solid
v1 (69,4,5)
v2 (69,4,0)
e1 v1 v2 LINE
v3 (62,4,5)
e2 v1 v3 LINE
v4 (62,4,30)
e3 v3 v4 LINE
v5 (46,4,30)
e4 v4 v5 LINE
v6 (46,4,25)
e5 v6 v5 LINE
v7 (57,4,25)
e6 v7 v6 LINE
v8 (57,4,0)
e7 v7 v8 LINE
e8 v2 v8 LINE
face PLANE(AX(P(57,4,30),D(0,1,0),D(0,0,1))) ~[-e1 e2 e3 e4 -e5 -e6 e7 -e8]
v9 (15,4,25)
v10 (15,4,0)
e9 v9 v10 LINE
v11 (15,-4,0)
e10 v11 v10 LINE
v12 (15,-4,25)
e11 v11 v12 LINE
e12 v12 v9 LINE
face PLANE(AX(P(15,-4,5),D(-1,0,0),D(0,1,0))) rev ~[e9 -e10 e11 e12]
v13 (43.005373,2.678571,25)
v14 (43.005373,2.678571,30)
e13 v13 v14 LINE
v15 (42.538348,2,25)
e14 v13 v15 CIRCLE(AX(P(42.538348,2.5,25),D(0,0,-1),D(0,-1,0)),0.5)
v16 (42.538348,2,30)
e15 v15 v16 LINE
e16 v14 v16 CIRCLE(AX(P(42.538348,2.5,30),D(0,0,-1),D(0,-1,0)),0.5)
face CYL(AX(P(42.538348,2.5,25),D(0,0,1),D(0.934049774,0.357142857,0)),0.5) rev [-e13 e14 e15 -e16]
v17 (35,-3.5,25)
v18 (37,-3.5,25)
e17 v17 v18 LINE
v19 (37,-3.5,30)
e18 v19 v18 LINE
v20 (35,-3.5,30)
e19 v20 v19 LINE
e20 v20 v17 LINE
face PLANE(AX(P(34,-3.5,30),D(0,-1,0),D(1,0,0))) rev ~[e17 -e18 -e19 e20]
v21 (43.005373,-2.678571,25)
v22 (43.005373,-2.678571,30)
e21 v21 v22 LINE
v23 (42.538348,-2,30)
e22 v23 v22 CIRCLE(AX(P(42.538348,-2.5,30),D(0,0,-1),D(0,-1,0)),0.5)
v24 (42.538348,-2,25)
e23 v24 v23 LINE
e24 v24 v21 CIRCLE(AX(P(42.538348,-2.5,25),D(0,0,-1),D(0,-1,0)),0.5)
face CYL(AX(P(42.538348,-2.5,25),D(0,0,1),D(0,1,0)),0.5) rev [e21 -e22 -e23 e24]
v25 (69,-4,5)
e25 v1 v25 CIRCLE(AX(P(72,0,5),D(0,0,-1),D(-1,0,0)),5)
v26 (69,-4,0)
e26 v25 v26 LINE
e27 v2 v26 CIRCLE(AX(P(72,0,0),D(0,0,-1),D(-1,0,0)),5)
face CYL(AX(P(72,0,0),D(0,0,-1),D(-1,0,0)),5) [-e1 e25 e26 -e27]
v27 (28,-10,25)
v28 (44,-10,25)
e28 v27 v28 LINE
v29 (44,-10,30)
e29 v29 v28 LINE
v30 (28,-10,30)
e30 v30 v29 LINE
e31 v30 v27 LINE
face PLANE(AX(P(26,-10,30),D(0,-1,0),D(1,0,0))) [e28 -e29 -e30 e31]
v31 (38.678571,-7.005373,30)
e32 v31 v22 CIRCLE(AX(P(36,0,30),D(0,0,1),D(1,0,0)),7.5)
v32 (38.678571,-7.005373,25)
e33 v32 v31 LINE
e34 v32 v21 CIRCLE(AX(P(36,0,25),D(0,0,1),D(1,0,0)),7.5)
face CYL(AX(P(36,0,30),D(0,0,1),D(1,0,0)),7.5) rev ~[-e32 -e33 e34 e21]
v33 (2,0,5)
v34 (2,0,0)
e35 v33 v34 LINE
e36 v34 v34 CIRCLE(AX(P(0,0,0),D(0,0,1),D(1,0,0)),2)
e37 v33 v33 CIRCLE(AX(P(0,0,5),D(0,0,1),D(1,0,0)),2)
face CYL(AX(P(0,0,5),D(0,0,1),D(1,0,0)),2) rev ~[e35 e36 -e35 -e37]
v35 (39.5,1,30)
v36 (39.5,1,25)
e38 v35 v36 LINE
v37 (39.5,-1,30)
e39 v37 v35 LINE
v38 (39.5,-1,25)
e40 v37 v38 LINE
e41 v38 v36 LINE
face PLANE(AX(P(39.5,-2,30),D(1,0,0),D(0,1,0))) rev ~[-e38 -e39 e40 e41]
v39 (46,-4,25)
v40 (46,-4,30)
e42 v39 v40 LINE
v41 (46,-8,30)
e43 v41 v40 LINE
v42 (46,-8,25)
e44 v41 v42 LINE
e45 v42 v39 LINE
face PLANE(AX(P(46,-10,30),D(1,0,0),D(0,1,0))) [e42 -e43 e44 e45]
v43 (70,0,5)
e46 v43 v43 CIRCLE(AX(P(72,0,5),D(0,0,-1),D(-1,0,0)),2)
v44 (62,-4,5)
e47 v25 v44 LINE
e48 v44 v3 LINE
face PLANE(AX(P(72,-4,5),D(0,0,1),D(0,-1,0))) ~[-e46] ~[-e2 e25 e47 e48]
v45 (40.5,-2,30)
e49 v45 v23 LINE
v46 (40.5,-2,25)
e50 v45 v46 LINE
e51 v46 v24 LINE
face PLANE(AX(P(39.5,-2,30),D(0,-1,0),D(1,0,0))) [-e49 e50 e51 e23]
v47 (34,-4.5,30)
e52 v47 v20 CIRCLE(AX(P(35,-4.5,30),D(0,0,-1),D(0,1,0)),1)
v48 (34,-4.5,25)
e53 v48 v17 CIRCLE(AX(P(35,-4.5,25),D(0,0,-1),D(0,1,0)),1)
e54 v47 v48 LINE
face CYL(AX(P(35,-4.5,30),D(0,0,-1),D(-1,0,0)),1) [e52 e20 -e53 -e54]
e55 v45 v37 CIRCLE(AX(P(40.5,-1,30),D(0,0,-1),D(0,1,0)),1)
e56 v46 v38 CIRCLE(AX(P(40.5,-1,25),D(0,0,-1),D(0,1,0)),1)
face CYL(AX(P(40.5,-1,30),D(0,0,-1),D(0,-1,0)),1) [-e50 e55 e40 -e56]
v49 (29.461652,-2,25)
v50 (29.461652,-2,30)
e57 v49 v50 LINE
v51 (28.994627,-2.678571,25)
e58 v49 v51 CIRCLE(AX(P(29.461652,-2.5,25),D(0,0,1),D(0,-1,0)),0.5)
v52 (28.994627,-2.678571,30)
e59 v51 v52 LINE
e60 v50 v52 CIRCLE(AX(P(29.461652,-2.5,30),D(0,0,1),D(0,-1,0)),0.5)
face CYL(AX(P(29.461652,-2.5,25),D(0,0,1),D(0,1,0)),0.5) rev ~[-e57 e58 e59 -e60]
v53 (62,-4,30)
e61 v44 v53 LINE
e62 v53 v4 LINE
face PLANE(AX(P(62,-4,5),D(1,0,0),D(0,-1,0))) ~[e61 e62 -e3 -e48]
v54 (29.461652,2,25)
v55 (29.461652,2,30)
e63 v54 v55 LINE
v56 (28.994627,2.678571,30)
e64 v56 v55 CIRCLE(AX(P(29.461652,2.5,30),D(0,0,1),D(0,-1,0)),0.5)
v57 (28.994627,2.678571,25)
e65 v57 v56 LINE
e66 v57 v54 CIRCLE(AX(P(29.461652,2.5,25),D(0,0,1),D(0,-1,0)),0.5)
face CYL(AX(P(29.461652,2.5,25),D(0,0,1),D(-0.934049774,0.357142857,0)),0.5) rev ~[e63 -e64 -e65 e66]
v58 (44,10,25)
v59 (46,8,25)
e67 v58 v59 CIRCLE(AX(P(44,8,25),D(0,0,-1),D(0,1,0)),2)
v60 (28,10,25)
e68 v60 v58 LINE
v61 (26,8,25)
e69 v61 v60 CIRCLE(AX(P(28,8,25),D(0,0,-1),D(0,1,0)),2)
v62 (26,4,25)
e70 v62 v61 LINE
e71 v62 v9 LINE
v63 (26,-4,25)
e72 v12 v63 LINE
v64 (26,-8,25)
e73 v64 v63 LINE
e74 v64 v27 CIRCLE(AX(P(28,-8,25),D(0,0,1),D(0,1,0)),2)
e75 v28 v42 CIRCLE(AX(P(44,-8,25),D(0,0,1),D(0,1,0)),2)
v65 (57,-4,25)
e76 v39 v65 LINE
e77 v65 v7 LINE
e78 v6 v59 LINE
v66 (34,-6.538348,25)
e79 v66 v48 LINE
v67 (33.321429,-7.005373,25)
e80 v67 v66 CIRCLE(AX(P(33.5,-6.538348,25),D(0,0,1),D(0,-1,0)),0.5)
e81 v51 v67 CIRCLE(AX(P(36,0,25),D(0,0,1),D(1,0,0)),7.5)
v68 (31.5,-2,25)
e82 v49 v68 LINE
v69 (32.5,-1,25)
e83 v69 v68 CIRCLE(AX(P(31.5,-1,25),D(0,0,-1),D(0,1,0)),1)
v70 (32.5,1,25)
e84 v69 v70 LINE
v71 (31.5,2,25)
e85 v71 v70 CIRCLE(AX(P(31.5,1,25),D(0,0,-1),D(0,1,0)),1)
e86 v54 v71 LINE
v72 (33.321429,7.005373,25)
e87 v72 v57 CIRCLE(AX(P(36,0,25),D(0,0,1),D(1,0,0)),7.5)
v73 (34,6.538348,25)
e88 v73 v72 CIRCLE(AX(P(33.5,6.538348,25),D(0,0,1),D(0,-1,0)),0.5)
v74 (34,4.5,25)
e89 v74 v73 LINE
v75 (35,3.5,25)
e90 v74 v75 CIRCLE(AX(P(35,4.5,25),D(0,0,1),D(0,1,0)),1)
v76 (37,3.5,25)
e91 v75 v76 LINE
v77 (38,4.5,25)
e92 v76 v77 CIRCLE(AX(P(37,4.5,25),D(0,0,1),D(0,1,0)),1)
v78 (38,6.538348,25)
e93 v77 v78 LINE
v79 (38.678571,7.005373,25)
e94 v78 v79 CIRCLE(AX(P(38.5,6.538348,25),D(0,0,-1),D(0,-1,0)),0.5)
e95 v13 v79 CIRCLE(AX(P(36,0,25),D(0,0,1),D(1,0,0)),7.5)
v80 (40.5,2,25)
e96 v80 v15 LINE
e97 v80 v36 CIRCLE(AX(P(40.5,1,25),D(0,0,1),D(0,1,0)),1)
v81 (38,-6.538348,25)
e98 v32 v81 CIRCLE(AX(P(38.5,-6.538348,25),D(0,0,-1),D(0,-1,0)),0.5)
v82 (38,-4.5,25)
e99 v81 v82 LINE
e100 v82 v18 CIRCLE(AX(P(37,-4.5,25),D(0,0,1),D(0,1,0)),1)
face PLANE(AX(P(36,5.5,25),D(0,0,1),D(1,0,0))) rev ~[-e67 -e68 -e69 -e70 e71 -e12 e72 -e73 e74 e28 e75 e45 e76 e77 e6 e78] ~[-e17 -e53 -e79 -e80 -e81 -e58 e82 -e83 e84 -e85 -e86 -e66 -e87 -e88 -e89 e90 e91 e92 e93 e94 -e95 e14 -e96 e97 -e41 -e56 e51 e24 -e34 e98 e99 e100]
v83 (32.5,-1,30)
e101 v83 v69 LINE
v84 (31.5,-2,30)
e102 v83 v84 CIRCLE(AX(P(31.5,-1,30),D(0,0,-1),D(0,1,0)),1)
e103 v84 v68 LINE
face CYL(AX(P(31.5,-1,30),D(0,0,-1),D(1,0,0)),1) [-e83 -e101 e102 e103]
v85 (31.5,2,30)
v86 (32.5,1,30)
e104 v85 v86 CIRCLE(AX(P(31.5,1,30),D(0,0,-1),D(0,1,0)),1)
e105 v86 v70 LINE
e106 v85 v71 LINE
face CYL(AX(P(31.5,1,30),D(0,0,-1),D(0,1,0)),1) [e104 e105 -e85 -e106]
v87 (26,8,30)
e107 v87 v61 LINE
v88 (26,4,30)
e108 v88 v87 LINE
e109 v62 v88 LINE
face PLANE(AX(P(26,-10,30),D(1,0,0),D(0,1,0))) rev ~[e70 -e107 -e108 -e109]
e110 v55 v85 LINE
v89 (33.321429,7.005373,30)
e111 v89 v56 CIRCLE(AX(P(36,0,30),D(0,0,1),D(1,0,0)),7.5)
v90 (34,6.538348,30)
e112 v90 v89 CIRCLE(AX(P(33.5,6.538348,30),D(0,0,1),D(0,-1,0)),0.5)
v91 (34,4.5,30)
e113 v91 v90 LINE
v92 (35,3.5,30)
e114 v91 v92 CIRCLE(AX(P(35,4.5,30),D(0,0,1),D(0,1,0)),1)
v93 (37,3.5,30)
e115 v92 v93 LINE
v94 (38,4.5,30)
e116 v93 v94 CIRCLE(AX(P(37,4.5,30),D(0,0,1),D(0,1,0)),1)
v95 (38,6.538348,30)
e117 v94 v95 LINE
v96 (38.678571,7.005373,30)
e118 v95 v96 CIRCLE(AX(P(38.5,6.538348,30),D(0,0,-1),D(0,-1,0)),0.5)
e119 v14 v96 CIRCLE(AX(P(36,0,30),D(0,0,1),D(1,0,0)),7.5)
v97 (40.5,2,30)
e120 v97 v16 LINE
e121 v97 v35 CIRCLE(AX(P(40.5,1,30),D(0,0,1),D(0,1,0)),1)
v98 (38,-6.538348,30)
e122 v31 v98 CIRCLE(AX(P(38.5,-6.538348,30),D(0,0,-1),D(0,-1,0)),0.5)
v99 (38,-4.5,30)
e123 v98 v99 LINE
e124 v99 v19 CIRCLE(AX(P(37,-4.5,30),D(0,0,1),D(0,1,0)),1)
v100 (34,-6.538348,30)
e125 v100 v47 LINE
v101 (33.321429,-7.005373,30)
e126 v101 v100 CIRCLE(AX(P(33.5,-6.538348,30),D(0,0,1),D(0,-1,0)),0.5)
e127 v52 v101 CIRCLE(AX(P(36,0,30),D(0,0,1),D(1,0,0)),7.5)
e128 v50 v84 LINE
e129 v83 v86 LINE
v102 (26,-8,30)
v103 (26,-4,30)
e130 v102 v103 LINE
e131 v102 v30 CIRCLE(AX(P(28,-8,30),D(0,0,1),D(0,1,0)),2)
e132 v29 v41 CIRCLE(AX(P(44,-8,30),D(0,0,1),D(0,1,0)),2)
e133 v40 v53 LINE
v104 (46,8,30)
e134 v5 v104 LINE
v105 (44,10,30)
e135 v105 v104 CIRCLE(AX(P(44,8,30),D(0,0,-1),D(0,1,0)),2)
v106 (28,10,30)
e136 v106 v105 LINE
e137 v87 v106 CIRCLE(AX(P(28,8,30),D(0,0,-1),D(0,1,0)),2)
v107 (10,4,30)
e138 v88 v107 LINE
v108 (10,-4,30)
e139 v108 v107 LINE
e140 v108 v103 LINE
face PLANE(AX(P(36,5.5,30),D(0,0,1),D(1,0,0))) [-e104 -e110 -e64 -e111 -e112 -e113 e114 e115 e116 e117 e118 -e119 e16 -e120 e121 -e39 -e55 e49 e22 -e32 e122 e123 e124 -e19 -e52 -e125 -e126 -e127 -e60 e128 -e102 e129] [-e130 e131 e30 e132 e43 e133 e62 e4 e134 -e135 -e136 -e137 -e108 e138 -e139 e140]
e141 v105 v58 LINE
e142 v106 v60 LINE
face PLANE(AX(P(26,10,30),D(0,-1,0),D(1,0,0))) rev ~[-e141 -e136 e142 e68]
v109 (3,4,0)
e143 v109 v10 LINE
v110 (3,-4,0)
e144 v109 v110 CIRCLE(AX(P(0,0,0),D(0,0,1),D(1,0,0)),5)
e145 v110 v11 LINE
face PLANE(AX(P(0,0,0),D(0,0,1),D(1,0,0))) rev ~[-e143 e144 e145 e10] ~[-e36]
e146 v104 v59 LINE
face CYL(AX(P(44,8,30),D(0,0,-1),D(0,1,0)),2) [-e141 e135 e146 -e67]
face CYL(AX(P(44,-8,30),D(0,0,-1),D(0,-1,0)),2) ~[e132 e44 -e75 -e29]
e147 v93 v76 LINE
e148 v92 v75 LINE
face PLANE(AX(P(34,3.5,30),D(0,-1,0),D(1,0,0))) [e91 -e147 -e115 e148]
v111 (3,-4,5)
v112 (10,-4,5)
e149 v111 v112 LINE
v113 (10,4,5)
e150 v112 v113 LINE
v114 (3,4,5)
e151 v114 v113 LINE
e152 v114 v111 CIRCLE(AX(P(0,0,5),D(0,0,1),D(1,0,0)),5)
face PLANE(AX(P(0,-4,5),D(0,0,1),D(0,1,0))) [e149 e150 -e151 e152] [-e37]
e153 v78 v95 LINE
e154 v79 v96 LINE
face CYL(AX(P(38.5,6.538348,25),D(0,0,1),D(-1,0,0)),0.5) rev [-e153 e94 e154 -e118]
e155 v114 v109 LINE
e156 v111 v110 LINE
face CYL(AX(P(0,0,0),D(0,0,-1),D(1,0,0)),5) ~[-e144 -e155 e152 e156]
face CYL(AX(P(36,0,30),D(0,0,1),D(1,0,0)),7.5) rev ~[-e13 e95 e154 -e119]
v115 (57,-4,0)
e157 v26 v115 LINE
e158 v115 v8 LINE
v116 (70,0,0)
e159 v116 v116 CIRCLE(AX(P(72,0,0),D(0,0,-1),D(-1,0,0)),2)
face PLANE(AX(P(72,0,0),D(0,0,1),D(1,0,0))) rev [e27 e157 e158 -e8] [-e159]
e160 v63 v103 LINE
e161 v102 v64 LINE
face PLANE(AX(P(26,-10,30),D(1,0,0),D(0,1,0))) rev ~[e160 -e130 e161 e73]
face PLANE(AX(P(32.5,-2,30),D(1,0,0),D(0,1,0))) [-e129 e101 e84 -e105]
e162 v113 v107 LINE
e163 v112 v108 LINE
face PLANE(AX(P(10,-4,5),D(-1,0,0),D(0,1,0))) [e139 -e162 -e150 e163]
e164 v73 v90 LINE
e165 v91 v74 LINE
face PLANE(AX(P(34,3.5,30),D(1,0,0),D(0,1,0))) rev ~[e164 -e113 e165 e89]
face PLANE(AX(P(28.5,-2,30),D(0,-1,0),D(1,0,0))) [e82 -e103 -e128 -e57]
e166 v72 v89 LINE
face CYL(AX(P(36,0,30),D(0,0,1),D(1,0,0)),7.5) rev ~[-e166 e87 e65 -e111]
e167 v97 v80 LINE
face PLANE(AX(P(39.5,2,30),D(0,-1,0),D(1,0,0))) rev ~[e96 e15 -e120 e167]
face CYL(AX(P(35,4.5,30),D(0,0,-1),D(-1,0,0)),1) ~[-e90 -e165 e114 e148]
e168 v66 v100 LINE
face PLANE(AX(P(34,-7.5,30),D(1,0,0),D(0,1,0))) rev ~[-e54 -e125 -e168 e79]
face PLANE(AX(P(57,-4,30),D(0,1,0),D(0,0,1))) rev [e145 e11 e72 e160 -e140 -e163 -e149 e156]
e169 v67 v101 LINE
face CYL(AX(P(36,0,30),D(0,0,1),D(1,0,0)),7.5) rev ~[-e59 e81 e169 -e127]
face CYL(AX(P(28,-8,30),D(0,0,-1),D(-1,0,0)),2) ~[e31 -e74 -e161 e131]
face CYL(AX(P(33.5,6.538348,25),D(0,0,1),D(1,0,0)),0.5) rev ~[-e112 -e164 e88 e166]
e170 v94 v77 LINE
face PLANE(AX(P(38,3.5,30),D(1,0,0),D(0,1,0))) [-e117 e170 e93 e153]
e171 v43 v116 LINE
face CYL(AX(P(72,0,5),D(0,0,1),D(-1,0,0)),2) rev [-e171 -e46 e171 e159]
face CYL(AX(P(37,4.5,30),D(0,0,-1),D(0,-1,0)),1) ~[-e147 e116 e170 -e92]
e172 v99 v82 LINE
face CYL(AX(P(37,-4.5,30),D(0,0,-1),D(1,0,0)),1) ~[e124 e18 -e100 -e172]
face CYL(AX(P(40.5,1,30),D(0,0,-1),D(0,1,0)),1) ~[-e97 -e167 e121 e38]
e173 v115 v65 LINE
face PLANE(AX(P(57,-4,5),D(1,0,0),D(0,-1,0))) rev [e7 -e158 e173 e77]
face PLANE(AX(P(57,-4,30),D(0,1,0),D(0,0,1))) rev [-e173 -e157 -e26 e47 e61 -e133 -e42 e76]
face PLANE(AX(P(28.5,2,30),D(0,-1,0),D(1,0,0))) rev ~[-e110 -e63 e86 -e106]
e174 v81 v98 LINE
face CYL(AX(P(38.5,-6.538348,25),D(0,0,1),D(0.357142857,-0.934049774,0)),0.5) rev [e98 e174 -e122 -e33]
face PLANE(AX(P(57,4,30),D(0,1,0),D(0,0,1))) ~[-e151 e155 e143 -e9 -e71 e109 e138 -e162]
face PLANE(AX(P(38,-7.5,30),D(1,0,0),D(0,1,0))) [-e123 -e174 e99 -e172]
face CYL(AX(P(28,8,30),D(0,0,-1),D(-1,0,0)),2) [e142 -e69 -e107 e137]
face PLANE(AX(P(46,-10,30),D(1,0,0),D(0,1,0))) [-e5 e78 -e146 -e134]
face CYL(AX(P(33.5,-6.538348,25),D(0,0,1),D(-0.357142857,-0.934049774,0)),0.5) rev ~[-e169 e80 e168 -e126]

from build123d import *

# Parameters (mm, degrees)
SKETCH_1_R          = 5
EXTRUDE_1_DEPTH     = 5
SKETCH_3_W          = 5
SKETCH_3_H          = 8
EXTRUDE_2_DEPTH     = 15
SKETCH_2_R          = 2
CUT_EXTRUDE_1_DEPTH = 30
SKETCH_6_W          = 5
SKETCH_6_H          = 8
EXTRUDE_4_DEPTH     = 25
SKETCH_7_W          = 5
SKETCH_7_H          = 8
EXTRUDE_5_DEPTH     = 21
SKETCH_8_W          = 20
SKETCH_8_H          = 20
EXTRUDE_6_DEPTH     = 5
FILLET_2_R          = 2
SKETCH_9_R          = 7.5
CUT_EXTRUDE_3_DEPTH = 5
SKETCH_10_W         = 4
SKETCH_10_H         = 4
EXTRUDE_7_DEPTH     = 5
FILLET_3_R          = 1
FILLET_4_R          = 0.5


with BuildPart() as part:
    # 草图1 → 凸台-拉伸1 (new body)
    with BuildSketch(Plane.XY):
        Circle(SKETCH_1_R)
    extrude(amount=EXTRUDE_1_DEPTH)

    # 草图3 → 凸台-拉伸2 (add)
    with BuildSketch(Plane(origin=(0, 0, 0), x_dir=(0, 0, -1), z_dir=(1, 0, 0))):
        with Locations((-2.5, 0)):
            Rectangle(SKETCH_3_W, SKETCH_3_H)
    extrude(amount=EXTRUDE_2_DEPTH)

    # 草图2 → 切除-拉伸1 (cut)
    with BuildSketch(Plane.XY.offset(5)):
        Circle(SKETCH_2_R)
    extrude(amount=-CUT_EXTRUDE_1_DEPTH, mode=Mode.SUBTRACT)

    # 草图6 → 凸台-拉伸4 (add)
    with BuildSketch(Plane.XY.offset(5)):
        with Locations((12.5, 0)):
            Rectangle(SKETCH_6_W, SKETCH_6_H)
    extrude(amount=EXTRUDE_4_DEPTH)

    # 草图7 → 凸台-拉伸5 (add)
    with BuildSketch(Plane(origin=(15, 0, 0), x_dir=(0, 0, -1), z_dir=(1, 0, 0))):
        with Locations((-27.5, 0)):
            Rectangle(SKETCH_7_W, SKETCH_7_H)
    extrude(amount=EXTRUDE_5_DEPTH)

    # 镜向2: part across plane


with BuildPart() as part_1:
    add(part.part)
    add(part.part.mirror(Plane(origin=(36, 0, 0), x_dir=(0, 0, 1), z_dir=(1, 0, 0))))

    # 草图8 → 凸台-拉伸6 (add)
    with BuildSketch(Plane.XY.offset(30)):
        with Locations((36, 0)):
            Rectangle(SKETCH_8_W, SKETCH_8_H)
    extrude(amount=-EXTRUDE_6_DEPTH)

    # 圆角2
    fillet_2_edges = [part_1.edges().sort_by_distance(p)[0] for p in [
        (26, -10, 27.5),
        (46, 10, 27.5),
        (26, 10, 27.5),
        (46, -10, 27.5),
    ]]
    fillet(fillet_2_edges, radius=FILLET_2_R)

    # 草图9 → 切除-拉伸3 (cut)
    with BuildSketch(Plane.XY.offset(30)):
        with Locations((36, 0)):
            Circle(SKETCH_9_R)
    extrude(amount=-CUT_EXTRUDE_3_DEPTH, mode=Mode.SUBTRACT)

    # 草图10 → 凸台-拉伸7 (add)
    with BuildSketch(Plane.XY.offset(30)):
        with Locations((36, 5.5)):
            Rectangle(SKETCH_10_W, SKETCH_10_H)
        with Locations((41.5, 0)):
            Rectangle(SKETCH_10_W, SKETCH_10_H)
        with Locations((36, -5.5)):
            Rectangle(SKETCH_10_W, SKETCH_10_H)
        with Locations((30.5, 0)):
            Rectangle(SKETCH_10_W, SKETCH_10_H)
    extrude(amount=-EXTRUDE_7_DEPTH)

    # 圆角3
    fillet_3_edges = [part_1.edges().sort_by_distance(p)[0] for p in [
        (34, 3.5, 27.5),
        (38, 3.5, 27.5),
        (39.5, 2, 27.5),
        (39.5, -2, 27.5),
        (38, -3.5, 27.5),
        (34, -3.5, 27.5),
        (32.5, -2, 27.5),
        (32.5, 2, 27.5),
    ]]
    fillet(fillet_3_edges, radius=FILLET_3_R)

    # 圆角4
    fillet_4_edges = [part_1.edges().sort_by_distance(p)[0] for p in [
        (38, 7.228416147, 27.5),
        (34, 7.228416147, 27.5),
        (43.228416147, -2, 27.5),
        (43.228416147, 2, 27.5),
        (34, -7.228416147, 27.5),
        (38, -7.228416147, 27.5),
        (28.771583853, 2, 27.5),
        (28.771583853, -2, 27.5),
    ]]
    fillet(fillet_4_edges, radius=FILLET_4_R)


solid = part_1.part
